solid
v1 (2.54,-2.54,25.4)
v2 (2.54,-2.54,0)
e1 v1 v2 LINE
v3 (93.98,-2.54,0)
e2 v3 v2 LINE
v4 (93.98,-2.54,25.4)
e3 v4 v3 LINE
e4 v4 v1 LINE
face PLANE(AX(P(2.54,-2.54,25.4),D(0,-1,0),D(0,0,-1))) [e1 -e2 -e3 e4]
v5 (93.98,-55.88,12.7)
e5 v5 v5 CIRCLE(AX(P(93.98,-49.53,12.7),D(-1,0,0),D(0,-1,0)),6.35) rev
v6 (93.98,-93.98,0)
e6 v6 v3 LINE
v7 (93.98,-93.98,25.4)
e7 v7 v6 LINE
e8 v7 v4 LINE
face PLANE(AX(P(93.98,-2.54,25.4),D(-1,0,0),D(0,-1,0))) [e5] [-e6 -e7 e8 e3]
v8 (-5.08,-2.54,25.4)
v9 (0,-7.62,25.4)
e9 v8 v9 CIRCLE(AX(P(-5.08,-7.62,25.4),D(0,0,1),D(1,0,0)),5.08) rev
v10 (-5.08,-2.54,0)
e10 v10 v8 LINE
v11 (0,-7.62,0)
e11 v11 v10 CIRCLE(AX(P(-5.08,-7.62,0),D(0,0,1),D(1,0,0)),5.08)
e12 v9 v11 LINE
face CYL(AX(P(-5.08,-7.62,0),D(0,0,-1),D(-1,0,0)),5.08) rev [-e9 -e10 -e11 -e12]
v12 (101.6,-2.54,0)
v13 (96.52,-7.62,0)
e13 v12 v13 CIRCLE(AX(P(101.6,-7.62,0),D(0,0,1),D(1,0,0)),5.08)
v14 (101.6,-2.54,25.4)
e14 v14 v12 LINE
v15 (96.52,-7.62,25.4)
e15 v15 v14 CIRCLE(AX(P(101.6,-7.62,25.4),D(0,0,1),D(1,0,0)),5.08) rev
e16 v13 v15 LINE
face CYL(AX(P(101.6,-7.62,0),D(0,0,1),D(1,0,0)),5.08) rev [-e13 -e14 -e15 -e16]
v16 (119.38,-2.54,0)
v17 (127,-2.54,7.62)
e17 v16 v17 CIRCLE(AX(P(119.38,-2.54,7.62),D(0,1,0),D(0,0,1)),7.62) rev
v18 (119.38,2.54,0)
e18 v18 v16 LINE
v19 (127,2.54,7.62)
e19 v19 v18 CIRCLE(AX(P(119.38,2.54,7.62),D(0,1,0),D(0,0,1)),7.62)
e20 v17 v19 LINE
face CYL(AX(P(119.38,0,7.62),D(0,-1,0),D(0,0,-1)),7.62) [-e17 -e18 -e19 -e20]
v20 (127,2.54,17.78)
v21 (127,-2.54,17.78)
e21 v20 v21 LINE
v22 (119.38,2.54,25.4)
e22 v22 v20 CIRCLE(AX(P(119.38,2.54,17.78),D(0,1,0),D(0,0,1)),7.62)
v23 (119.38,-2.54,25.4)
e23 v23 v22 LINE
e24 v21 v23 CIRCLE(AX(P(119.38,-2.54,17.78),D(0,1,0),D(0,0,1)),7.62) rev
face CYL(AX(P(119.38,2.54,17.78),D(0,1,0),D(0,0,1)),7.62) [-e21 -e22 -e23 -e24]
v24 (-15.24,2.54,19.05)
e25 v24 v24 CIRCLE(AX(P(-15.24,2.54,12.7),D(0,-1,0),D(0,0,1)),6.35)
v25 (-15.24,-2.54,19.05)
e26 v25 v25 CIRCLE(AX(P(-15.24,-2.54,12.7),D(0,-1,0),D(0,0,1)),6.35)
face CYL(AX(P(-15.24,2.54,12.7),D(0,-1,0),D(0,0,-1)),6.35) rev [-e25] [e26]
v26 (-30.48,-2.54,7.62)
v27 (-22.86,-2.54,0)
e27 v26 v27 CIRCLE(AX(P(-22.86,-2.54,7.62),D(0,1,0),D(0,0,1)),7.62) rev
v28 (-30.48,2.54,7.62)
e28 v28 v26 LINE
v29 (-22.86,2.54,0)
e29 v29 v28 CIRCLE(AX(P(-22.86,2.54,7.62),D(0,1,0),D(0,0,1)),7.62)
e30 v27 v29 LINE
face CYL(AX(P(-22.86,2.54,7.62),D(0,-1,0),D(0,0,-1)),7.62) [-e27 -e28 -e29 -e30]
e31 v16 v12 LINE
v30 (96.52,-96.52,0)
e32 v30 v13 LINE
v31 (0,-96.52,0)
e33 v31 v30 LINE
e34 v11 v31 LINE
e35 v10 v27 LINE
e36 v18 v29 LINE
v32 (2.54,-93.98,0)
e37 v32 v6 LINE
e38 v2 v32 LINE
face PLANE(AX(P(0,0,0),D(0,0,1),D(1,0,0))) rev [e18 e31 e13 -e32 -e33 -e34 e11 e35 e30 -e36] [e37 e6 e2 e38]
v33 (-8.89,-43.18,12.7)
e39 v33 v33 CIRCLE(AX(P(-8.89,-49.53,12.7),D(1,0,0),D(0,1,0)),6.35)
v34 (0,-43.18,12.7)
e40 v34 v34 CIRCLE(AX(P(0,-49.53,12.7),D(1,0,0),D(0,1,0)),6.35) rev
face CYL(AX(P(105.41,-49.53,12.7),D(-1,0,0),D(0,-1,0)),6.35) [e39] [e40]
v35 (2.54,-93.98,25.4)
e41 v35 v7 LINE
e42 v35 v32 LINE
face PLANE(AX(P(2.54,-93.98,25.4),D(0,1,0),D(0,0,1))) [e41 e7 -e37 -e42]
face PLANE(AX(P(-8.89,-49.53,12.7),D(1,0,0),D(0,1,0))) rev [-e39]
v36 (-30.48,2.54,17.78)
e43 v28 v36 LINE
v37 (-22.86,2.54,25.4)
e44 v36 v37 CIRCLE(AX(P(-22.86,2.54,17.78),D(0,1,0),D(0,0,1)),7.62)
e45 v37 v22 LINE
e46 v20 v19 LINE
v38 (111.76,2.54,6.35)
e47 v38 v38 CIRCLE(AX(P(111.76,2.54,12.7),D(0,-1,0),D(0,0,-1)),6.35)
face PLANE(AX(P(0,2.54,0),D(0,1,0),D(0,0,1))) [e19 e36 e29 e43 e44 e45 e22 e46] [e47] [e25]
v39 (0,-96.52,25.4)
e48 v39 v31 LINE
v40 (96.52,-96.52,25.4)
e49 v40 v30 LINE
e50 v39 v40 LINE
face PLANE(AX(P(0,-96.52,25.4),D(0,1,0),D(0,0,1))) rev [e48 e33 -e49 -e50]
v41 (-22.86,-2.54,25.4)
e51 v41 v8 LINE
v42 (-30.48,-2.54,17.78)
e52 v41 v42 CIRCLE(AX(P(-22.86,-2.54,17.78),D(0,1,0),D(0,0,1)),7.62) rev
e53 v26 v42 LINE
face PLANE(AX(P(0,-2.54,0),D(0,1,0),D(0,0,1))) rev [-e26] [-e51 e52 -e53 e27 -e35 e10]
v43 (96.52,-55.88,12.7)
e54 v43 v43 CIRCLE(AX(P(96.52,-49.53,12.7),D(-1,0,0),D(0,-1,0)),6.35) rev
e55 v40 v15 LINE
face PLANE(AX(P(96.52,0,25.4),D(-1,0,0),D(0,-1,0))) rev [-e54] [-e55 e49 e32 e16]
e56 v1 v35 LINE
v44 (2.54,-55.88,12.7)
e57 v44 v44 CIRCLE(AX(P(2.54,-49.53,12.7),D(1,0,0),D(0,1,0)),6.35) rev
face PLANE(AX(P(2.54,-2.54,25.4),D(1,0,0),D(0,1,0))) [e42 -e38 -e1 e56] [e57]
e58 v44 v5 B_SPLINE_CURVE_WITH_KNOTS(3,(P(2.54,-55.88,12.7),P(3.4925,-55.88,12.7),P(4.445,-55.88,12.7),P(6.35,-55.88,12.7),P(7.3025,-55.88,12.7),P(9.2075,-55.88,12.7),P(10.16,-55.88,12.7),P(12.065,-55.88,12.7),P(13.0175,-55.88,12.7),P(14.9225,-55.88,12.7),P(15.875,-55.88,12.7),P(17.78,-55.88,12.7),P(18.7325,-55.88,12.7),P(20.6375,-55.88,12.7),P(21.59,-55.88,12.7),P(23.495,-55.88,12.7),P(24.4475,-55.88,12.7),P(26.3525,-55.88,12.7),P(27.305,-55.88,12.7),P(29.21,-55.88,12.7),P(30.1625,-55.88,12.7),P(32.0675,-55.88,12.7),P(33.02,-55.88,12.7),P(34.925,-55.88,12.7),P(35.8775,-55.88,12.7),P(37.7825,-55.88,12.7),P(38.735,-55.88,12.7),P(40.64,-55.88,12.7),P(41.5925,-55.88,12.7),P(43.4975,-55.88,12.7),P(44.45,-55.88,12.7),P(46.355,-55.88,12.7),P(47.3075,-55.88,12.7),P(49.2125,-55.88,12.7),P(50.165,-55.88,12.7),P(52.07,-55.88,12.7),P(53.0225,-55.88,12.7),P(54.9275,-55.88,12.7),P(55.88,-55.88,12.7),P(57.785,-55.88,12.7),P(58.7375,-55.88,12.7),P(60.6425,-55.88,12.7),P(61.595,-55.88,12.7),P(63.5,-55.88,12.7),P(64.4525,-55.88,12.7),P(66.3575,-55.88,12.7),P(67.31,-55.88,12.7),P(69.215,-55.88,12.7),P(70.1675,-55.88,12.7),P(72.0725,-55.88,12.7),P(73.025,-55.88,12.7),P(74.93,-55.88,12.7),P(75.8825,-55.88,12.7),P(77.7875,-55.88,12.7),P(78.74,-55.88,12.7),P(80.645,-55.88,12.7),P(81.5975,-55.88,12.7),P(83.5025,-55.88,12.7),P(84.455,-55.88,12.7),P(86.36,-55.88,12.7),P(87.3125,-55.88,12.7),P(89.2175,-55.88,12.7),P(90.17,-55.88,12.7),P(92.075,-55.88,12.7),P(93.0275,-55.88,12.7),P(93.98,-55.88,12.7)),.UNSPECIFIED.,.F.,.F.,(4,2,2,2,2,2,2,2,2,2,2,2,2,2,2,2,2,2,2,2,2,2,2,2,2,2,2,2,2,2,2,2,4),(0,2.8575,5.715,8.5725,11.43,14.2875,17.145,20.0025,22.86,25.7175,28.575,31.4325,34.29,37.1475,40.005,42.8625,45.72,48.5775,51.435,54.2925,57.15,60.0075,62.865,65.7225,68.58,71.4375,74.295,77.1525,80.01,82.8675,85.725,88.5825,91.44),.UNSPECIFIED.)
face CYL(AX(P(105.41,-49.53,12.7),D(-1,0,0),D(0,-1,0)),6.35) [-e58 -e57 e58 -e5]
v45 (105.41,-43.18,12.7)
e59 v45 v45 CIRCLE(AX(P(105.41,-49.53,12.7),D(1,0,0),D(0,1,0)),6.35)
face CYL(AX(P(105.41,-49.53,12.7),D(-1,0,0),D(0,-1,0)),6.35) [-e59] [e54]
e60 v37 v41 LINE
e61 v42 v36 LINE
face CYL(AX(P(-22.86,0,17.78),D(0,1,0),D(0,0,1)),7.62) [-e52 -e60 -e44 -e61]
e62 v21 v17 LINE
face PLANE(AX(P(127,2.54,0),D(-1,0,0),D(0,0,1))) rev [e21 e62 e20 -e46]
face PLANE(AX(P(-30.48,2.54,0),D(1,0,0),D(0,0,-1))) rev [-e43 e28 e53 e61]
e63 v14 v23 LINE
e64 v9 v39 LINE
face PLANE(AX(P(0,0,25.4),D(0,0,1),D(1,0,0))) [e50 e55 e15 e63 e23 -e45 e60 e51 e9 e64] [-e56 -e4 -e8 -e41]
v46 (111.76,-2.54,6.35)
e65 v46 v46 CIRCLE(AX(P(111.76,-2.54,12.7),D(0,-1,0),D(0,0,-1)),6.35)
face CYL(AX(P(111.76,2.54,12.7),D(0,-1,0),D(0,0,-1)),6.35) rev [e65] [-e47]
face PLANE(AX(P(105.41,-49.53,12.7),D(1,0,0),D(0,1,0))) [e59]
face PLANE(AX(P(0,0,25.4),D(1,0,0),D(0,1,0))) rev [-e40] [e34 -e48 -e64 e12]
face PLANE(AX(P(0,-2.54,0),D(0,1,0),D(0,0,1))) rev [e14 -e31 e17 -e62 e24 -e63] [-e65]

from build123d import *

# Parameters (mm, degrees)
SKETCH1_W           = 96.52
SKETCH1_H           = 96.52
SKETCH1_W_2         = 91.44
SKETCH1_H_2         = 91.44
BOSS_EXTRUDE1_DEPTH = 25.4
SKETCH3_W           = 157.48
SKETCH3_H           = 25.4
BOSS_EXTRUDE2_DEPTH = 2.54
FILLET1_R           = 5.08
SKETCH4_R           = 6.35
CUT_EXTRUDE2_DEPTH  = 161.02
FILLET2_R           = 7.62
SKETCH5_R           = 6.35
BOSS_EXTRUDE4_DEPTH = 57.15


with BuildPart() as part:
    # Sketch1 → Boss-Extrude1 (new body)
    with BuildSketch(Plane.XY):
        with Locations((48.26, -48.26)):
            Rectangle(SKETCH1_W, SKETCH1_H)
        with Locations((48.26, -48.26)):
            Rectangle(SKETCH1_W_2, SKETCH1_H_2, mode=Mode.SUBTRACT)
    extrude(amount=BOSS_EXTRUDE1_DEPTH)

    # Sketch3 → Boss-Extrude2 (add, symmetric)
    with BuildSketch(Plane(origin=(0, 0, 0), x_dir=(1, 0, 0), z_dir=(0, 1, 0))):
        with Locations((48.26, -12.7)):
            Rectangle(SKETCH3_W, SKETCH3_H)
    extrude(amount=BOSS_EXTRUDE2_DEPTH, both=True)

    # Fillet1
    fillet1_edges = [part.edges().sort_by_distance(p)[0] for p in [
        (0, -2.54, 12.7),
        (96.52, -2.54, 12.7),
    ]]
    fillet(fillet1_edges, radius=FILLET1_R)

    # Sketch4 → Cut-Extrude2 (cut, through all)
    with BuildSketch(Plane.XZ.offset(2.54)):
        with Locations(Location((111.76, 12.7, 0), (0, 0, 270))):
            Circle(SKETCH4_R)
        with Locations(Location((-15.24, 12.7, 0), (0, 0, 90))):
            Circle(SKETCH4_R)
    extrude(amount=-CUT_EXTRUDE2_DEPTH, mode=Mode.SUBTRACT)

    # Fillet2
    fillet2_edges = [part.edges().sort_by_distance(p)[0] for p in [
        (-30.48, 0, 25.4),
        (127, 0, 0),
        (-30.48, 0, 0),
        (127, 0, 25.4),
    ]]
    fillet(fillet2_edges, radius=FILLET2_R)

    # Sketch5 → Boss-Extrude4 (add, symmetric)
    with BuildSketch(Plane(origin=(48.26, 0, 0), x_dir=(0, 0, -1), z_dir=(1, 0, 0))):
        with Locations(Location((-12.7, -49.53, 0), (0, 0, 270))):
            Circle(SKETCH5_R)
    extrude(amount=BOSS_EXTRUDE4_DEPTH, both=True)


solid = part.part
